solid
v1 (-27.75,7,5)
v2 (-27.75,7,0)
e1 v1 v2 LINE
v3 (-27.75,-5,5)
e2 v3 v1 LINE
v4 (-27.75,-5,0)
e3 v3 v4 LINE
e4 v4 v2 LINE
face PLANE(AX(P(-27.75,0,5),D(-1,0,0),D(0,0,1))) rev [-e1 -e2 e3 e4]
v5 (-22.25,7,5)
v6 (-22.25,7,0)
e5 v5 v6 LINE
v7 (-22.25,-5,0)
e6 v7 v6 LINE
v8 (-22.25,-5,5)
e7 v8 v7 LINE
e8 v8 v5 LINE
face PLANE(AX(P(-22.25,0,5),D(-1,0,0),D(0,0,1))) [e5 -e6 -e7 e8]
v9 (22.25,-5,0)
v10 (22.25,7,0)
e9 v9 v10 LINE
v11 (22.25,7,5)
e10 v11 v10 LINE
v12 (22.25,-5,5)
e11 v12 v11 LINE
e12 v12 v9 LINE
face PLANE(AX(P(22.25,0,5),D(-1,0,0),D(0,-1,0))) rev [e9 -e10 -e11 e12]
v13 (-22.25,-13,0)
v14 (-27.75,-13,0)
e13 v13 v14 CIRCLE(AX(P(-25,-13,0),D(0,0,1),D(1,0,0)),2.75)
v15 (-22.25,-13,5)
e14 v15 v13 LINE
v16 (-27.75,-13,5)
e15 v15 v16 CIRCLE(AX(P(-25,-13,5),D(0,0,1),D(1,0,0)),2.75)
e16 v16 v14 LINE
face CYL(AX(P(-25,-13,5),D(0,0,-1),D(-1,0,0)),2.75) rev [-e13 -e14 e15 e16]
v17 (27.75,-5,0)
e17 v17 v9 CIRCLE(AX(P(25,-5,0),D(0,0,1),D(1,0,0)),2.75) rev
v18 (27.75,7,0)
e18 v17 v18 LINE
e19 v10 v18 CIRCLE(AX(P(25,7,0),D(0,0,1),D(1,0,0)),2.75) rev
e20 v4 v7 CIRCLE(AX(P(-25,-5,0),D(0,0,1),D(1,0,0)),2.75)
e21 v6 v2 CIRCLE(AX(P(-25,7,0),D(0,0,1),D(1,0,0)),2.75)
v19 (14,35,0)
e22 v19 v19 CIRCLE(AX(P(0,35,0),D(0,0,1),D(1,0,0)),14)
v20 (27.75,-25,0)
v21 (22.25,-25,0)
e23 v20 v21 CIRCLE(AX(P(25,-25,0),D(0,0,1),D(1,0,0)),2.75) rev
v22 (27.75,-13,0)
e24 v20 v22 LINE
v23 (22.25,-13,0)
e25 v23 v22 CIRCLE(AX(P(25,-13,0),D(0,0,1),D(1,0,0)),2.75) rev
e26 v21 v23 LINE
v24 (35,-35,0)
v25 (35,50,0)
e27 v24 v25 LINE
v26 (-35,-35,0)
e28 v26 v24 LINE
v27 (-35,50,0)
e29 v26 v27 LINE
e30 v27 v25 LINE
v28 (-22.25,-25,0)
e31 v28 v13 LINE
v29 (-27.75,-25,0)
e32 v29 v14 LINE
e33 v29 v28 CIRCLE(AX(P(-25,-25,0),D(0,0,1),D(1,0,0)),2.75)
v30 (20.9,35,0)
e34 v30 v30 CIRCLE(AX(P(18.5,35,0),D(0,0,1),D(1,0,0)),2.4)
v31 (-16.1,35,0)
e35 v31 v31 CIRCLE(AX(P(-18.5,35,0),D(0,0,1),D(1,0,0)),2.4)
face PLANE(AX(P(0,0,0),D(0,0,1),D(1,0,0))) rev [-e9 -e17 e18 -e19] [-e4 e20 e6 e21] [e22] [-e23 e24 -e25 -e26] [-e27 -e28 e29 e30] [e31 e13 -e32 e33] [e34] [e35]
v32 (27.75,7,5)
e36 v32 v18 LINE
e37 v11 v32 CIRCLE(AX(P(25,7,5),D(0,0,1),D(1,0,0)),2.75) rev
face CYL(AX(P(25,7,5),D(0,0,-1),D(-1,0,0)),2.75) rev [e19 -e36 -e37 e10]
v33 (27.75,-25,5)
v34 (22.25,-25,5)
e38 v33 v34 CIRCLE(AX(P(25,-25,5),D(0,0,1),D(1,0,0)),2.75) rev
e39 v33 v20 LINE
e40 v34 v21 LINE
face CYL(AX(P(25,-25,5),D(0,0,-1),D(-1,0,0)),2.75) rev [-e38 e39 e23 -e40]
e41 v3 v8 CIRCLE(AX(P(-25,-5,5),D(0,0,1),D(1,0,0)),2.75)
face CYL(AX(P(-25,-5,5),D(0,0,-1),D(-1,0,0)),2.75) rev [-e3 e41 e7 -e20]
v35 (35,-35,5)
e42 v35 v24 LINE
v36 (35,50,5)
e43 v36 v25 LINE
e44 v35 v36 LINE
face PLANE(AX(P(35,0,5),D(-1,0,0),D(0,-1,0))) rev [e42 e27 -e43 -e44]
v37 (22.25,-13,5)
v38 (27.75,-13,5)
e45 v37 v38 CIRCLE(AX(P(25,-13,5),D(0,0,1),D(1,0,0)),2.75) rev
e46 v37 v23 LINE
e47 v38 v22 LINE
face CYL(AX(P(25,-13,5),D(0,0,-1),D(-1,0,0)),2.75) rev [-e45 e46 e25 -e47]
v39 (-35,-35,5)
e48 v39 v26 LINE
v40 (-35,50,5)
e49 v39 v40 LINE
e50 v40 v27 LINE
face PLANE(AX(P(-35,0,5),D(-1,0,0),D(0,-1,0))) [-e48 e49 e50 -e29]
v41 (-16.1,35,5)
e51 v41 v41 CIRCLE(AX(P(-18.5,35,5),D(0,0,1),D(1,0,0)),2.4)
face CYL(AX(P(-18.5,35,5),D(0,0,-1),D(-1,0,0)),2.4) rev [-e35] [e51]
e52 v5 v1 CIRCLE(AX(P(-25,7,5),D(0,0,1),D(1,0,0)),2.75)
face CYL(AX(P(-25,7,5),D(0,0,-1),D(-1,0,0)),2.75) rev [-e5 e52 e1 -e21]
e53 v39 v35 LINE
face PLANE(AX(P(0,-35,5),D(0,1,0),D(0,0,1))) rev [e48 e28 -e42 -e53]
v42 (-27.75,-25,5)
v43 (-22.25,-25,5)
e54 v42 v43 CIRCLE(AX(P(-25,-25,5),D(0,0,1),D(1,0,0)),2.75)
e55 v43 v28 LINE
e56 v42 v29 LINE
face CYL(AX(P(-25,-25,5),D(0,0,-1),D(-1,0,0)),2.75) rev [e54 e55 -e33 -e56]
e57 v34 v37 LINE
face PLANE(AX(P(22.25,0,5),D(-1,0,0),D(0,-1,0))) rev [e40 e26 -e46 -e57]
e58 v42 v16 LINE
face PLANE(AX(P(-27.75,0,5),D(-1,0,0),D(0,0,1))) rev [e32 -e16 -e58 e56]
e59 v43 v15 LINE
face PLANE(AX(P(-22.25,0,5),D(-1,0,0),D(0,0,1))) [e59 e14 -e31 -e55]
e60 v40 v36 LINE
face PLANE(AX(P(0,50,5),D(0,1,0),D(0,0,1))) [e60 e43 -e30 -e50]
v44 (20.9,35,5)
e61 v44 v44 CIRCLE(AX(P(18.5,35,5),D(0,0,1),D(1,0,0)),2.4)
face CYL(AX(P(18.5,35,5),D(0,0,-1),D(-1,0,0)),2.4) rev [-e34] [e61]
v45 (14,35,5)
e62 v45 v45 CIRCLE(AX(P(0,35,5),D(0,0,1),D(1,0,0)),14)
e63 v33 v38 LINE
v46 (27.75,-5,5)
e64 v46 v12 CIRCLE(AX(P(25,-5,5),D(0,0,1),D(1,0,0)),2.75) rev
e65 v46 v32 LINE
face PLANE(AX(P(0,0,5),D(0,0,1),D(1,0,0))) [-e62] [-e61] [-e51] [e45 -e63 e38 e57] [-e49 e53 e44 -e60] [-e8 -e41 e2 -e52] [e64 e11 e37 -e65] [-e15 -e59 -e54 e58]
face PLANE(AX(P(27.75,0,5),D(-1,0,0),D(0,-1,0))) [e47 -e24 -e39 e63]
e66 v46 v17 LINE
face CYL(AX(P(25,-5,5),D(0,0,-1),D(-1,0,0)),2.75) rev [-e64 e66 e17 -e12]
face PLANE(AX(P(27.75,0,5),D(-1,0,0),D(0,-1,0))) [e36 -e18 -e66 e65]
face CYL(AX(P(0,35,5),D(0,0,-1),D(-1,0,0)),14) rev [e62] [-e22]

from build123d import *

# Parameters (mm, degrees)
SKETCH1_R           = 2.4
SKETCH1_R_2         = 14
BOSS_EXTRUDE1_DEPTH = 5


with BuildPart() as part:
    # Sketch1 → Boss-Extrude1 (new body)
    with BuildSketch(Plane.XY):
        Polygon((-35, 50), (-35, -15), (-35, -35), (35, -35), (35, -15), (35, 50), align=None)
        with BuildLine():
            ThreePointArc((-22.25, -25), (-25, -27.75), (-27.75, -25))
            Line((-27.75, -25), (-27.75, -13))
            ThreePointArc((-27.75, -13), (-25, -10.25), (-22.25, -13))
            Line((-22.25, -13), (-22.25, -25))
        make_face(mode=Mode.SUBTRACT)
        with BuildLine():
            ThreePointArc((-22.25, -5), (-25, -7.75), (-27.75, -5))
            Line((-27.75, -5), (-27.75, 7))
            ThreePointArc((-27.75, 7), (-25, 9.75), (-22.25, 7))
            Line((-22.25, 7), (-22.25, -5))
        make_face(mode=Mode.SUBTRACT)
        with BuildLine():
            Line((27.75, -13), (27.75, -25))
            ThreePointArc((27.75, -25), (25, -27.75), (22.25, -25))
            Line((22.25, -25), (22.25, -13))
            ThreePointArc((22.25, -13), (25, -10.25), (27.75, -13))
        make_face(mode=Mode.SUBTRACT)
        with BuildLine():
            Line((27.75, 7), (27.75, -5))
            ThreePointArc((27.75, -5), (25, -7.75), (22.25, -5))
            Line((22.25, -5), (22.25, 7))
            ThreePointArc((22.25, 7), (25, 9.75), (27.75, 7))
        make_face(mode=Mode.SUBTRACT)
        with Locations((-18.5, 35)):
            Circle(SKETCH1_R, mode=Mode.SUBTRACT)
        with Locations((0, 35)):
            Circle(SKETCH1_R_2, mode=Mode.SUBTRACT)
        with Locations((18.5, 35)):
            Circle(SKETCH1_R, mode=Mode.SUBTRACT)
    extrude(amount=BOSS_EXTRUDE1_DEPTH)


solid = part.part
